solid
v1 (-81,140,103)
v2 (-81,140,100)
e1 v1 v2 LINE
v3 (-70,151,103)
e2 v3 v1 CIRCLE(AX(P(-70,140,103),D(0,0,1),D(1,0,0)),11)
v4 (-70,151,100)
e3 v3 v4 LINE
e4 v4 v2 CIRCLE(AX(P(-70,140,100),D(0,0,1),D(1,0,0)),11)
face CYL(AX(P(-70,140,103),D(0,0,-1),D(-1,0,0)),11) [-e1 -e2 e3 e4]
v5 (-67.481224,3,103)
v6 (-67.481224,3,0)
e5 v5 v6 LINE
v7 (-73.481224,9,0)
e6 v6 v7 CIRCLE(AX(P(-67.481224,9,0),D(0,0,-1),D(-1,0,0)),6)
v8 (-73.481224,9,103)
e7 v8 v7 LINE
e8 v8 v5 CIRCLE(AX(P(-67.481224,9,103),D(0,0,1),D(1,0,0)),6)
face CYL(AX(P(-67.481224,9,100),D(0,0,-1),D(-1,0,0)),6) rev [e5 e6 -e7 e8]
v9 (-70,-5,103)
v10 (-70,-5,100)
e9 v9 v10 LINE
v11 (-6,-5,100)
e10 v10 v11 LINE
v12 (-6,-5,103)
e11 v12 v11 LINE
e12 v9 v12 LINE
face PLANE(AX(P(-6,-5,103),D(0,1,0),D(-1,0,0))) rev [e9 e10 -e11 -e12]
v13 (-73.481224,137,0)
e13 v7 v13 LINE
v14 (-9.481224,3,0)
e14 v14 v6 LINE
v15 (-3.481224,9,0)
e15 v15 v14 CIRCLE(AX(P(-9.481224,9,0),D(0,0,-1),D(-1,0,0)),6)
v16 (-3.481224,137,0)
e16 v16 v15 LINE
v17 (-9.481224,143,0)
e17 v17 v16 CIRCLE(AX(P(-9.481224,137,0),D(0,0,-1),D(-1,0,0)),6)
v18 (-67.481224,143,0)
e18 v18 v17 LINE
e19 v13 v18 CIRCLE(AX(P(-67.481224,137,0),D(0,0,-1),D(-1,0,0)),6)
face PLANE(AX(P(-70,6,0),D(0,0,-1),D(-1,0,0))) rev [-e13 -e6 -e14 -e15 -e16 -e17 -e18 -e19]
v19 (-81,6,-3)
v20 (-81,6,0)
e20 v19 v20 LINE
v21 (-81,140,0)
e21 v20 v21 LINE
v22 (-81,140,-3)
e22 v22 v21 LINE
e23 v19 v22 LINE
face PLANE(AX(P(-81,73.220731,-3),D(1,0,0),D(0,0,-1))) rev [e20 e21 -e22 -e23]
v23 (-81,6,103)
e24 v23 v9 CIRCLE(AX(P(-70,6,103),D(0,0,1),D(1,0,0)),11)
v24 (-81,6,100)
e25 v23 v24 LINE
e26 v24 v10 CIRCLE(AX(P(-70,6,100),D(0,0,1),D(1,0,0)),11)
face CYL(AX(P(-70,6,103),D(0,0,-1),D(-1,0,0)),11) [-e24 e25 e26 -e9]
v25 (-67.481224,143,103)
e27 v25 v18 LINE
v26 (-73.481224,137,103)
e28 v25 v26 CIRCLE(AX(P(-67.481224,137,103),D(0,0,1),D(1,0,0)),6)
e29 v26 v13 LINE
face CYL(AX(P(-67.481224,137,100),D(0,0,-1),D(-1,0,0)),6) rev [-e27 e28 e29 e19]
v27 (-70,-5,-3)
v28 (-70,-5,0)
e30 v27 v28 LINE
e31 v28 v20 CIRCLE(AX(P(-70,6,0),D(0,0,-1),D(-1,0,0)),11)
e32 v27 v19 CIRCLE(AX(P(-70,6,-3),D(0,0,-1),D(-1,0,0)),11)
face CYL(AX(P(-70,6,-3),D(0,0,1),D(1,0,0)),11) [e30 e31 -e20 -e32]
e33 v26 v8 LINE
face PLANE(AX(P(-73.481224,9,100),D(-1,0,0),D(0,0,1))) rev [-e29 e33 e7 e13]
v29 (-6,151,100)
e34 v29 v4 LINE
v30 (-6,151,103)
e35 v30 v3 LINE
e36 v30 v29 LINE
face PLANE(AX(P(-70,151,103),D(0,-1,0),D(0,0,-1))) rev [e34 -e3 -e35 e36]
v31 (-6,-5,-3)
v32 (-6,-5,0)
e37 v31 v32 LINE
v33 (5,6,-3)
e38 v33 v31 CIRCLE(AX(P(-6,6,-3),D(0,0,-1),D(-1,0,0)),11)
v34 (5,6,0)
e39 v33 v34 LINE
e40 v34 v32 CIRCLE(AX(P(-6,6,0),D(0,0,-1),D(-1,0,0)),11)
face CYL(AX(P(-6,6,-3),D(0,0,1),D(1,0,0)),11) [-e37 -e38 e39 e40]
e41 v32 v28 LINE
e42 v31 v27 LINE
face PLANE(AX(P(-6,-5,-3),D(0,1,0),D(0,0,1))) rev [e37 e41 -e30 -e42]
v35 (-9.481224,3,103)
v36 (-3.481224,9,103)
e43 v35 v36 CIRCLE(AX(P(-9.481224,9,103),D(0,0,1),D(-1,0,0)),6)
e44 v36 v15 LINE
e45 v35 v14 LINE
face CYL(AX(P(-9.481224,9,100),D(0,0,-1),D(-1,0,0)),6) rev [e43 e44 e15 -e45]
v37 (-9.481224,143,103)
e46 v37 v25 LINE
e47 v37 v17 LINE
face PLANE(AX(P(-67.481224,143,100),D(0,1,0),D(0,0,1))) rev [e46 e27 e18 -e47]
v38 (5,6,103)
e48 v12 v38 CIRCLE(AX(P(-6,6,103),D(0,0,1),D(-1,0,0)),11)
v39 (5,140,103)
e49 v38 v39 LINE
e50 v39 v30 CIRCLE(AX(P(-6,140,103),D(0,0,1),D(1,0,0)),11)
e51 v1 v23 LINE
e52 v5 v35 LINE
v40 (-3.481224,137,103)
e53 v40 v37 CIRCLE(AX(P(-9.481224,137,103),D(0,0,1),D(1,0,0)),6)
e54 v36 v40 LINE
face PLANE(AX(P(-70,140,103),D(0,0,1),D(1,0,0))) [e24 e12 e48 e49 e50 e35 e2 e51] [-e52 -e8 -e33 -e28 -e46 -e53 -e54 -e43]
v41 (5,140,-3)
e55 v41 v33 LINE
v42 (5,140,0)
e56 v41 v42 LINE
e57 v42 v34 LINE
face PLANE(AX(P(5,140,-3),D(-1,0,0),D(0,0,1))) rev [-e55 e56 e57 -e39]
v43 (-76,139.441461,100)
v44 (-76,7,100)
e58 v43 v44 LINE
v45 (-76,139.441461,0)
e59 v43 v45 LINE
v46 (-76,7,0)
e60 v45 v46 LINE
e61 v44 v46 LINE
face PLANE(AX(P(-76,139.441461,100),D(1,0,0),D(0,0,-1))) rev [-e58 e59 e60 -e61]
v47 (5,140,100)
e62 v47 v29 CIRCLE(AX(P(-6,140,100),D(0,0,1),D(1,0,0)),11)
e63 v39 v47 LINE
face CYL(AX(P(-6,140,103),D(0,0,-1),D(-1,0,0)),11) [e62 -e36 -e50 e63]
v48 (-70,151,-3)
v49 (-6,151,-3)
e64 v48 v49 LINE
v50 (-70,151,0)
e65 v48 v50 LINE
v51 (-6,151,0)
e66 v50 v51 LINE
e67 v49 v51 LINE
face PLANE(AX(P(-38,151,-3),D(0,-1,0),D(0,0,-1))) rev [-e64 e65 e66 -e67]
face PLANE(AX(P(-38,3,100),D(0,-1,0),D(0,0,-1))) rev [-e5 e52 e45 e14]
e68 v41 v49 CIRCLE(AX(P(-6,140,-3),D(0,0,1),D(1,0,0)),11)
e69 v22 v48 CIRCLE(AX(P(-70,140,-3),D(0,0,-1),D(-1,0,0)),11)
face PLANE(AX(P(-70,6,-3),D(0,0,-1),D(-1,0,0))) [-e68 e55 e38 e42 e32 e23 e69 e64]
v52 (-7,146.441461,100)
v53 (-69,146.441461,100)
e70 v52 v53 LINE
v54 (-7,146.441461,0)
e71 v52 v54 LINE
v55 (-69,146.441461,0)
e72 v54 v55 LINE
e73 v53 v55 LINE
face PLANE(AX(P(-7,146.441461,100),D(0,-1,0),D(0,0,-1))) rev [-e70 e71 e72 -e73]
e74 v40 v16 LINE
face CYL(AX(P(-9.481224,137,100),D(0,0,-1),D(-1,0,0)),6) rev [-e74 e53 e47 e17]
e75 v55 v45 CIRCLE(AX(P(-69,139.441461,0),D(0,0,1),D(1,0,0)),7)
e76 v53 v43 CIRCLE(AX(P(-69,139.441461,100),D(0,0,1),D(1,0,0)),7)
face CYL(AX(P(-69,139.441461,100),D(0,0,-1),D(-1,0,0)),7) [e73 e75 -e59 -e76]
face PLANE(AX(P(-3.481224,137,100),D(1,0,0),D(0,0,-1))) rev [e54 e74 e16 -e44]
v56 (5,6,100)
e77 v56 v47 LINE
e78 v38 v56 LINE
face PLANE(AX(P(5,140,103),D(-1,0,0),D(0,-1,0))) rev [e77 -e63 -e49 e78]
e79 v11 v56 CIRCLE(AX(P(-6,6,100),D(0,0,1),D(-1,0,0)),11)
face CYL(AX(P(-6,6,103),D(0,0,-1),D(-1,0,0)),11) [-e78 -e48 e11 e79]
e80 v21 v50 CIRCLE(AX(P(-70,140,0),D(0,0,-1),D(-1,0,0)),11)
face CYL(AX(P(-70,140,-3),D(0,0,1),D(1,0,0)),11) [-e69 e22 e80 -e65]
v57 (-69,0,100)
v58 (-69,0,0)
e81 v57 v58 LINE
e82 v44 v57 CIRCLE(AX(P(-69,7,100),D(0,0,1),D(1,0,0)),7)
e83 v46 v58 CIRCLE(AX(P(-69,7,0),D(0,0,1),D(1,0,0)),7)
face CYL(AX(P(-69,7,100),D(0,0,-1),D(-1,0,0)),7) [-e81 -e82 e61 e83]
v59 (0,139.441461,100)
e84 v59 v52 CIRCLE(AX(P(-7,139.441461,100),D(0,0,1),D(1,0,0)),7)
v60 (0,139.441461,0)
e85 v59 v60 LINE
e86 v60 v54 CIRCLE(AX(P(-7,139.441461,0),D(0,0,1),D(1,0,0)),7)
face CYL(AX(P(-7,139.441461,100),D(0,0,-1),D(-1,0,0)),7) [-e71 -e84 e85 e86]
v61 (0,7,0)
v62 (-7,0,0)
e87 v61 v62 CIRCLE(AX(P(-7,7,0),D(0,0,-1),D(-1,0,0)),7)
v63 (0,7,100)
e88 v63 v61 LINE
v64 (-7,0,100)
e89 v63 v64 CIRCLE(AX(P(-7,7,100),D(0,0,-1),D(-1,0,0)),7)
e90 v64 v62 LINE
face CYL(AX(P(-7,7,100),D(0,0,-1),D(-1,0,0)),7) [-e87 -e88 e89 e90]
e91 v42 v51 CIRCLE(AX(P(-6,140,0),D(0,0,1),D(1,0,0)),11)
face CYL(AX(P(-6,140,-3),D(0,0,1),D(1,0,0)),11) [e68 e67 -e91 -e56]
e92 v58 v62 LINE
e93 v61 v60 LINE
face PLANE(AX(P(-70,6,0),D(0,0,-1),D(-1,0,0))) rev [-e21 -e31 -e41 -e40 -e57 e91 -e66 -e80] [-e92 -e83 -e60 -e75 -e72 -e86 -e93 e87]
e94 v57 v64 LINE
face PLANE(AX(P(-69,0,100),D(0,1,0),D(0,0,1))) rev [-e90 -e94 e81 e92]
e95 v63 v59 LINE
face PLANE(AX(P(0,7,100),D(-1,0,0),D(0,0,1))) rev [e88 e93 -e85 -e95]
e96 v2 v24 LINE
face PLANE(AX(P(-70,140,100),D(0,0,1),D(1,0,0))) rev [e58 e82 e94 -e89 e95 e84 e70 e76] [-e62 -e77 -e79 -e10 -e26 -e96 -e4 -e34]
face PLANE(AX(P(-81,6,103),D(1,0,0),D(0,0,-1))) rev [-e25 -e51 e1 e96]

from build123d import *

# Parameters (mm, degrees)
BOSS_EXTRUDE3_DEPTH = 100
BOSS_EXTRUDE4_DEPTH = 3
BOSS_EXTRUDE5_DEPTH = 3


with BuildPart() as part:
    # Sketch1 → Boss-Extrude3 (new body)
    with BuildSketch(Plane(origin=(0, 0, 0), x_dir=(0, 1, 0), z_dir=(0, 0, 1))):
        with BuildLine():
            Line((7, 0), (139.441461344, 0))
            ThreePointArc((139.441461344, 0), (144.391208812, 2.050252532), (146.441461344, 7))
            Line((146.441461344, 7), (146.441461344, 69))
            ThreePointArc((146.441461344, 69), (144.391208812, 73.949747468), (139.441461344, 76))
            Line((139.441461344, 76), (7, 76))
            ThreePointArc((7, 76), (2.050252532, 73.949747468), (0, 69))
            Line((0, 69), (0, 7))
            ThreePointArc((0, 7), (2.050252532, 2.050252532), (7, 0))
        make_face()
        with BuildLine():
            Line((3, 38), (3, 67.481223709))
            ThreePointArc((3, 67.481223709), (4.757359313, 71.723864396), (9, 73.481223709))
            Line((9, 73.481223709), (137, 73.481223709))
            ThreePointArc((137, 73.481223709), (141.242640687, 71.723864396), (143, 67.481223709))
            Line((143, 67.481223709), (143, 9.481223709))
            ThreePointArc((143, 9.481223709), (141.242640687, 5.238583022), (137, 3.481223709))
            Line((137, 3.481223709), (9, 3.481223709))
            ThreePointArc((9, 3.481223709), (4.757359313, 5.238583022), (3, 9.481223709))
            Line((3, 9.481223709), (3, 38))
        make_face(mode=Mode.SUBTRACT)
    extrude(amount=BOSS_EXTRUDE3_DEPTH)

    # Sketch1<5> → Boss-Extrude4 (add)
    with BuildSketch(Plane(origin=(0, 0, 0), x_dir=(0, 1, 0), z_dir=(0, 0, 1))):
        with BuildLine():
            Line((151, 38), (151, 6))
            ThreePointArc((151, 6), (147.778174593, -1.778174593), (140, -5))
            Line((140, -5), (6, -5))
            ThreePointArc((6, -5), (-1.778174593, -1.778174593), (-5, 6))
            Line((-5, 6), (-5, 70))
            ThreePointArc((-5, 70), (-1.778174593, 77.778174593), (6, 81))
            Line((6, 81), (73.220730672, 81))
            Line((73.220730672, 81), (140, 81))
            ThreePointArc((140, 81), (147.778174593, 77.778174593), (151, 70))
            Line((151, 70), (151, 38))
        make_face()
    extrude(amount=-BOSS_EXTRUDE4_DEPTH)

    # Sketch2 → Boss-Extrude5 (add)
    with BuildSketch(Plane.XY.offset(100)):
        with BuildLine():
            Line((-70, 151), (-6, 151))
            ThreePointArc((-6, 151), (1.778174593, 147.778174593), (5, 140))
            Line((5, 140), (5, 6))
            ThreePointArc((5, 6), (1.778174593, -1.778174593), (-6, -5))
            Line((-6, -5), (-70, -5))
            ThreePointArc((-70, -5), (-77.778174593, -1.778174593), (-81, 6))
            Line((-81, 6), (-81, 140))
            ThreePointArc((-81, 140), (-77.778174593, 147.778174593), (-70, 151))
        make_face()
        with BuildLine():
            Line((-67.481223709, 143), (-9.481223709, 143))
            ThreePointArc((-9.481223709, 143), (-5.238583022, 141.242640687), (-3.481223709, 137))
            Line((-3.481223709, 137), (-3.481223709, 9))
            ThreePointArc((-3.481223709, 9), (-5.238583022, 4.757359313), (-9.481223709, 3))
            Line((-9.481223709, 3), (-67.481223709, 3))
            ThreePointArc((-67.481223709, 3), (-71.723864396, 4.757359313), (-73.481223709, 9))
            Line((-73.481223709, 9), (-73.481223709, 137))
            ThreePointArc((-73.481223709, 137), (-71.723864396, 141.242640687), (-67.481223709, 143))
        make_face(mode=Mode.SUBTRACT)
    extrude(amount=BOSS_EXTRUDE5_DEPTH)


solid = part.part
